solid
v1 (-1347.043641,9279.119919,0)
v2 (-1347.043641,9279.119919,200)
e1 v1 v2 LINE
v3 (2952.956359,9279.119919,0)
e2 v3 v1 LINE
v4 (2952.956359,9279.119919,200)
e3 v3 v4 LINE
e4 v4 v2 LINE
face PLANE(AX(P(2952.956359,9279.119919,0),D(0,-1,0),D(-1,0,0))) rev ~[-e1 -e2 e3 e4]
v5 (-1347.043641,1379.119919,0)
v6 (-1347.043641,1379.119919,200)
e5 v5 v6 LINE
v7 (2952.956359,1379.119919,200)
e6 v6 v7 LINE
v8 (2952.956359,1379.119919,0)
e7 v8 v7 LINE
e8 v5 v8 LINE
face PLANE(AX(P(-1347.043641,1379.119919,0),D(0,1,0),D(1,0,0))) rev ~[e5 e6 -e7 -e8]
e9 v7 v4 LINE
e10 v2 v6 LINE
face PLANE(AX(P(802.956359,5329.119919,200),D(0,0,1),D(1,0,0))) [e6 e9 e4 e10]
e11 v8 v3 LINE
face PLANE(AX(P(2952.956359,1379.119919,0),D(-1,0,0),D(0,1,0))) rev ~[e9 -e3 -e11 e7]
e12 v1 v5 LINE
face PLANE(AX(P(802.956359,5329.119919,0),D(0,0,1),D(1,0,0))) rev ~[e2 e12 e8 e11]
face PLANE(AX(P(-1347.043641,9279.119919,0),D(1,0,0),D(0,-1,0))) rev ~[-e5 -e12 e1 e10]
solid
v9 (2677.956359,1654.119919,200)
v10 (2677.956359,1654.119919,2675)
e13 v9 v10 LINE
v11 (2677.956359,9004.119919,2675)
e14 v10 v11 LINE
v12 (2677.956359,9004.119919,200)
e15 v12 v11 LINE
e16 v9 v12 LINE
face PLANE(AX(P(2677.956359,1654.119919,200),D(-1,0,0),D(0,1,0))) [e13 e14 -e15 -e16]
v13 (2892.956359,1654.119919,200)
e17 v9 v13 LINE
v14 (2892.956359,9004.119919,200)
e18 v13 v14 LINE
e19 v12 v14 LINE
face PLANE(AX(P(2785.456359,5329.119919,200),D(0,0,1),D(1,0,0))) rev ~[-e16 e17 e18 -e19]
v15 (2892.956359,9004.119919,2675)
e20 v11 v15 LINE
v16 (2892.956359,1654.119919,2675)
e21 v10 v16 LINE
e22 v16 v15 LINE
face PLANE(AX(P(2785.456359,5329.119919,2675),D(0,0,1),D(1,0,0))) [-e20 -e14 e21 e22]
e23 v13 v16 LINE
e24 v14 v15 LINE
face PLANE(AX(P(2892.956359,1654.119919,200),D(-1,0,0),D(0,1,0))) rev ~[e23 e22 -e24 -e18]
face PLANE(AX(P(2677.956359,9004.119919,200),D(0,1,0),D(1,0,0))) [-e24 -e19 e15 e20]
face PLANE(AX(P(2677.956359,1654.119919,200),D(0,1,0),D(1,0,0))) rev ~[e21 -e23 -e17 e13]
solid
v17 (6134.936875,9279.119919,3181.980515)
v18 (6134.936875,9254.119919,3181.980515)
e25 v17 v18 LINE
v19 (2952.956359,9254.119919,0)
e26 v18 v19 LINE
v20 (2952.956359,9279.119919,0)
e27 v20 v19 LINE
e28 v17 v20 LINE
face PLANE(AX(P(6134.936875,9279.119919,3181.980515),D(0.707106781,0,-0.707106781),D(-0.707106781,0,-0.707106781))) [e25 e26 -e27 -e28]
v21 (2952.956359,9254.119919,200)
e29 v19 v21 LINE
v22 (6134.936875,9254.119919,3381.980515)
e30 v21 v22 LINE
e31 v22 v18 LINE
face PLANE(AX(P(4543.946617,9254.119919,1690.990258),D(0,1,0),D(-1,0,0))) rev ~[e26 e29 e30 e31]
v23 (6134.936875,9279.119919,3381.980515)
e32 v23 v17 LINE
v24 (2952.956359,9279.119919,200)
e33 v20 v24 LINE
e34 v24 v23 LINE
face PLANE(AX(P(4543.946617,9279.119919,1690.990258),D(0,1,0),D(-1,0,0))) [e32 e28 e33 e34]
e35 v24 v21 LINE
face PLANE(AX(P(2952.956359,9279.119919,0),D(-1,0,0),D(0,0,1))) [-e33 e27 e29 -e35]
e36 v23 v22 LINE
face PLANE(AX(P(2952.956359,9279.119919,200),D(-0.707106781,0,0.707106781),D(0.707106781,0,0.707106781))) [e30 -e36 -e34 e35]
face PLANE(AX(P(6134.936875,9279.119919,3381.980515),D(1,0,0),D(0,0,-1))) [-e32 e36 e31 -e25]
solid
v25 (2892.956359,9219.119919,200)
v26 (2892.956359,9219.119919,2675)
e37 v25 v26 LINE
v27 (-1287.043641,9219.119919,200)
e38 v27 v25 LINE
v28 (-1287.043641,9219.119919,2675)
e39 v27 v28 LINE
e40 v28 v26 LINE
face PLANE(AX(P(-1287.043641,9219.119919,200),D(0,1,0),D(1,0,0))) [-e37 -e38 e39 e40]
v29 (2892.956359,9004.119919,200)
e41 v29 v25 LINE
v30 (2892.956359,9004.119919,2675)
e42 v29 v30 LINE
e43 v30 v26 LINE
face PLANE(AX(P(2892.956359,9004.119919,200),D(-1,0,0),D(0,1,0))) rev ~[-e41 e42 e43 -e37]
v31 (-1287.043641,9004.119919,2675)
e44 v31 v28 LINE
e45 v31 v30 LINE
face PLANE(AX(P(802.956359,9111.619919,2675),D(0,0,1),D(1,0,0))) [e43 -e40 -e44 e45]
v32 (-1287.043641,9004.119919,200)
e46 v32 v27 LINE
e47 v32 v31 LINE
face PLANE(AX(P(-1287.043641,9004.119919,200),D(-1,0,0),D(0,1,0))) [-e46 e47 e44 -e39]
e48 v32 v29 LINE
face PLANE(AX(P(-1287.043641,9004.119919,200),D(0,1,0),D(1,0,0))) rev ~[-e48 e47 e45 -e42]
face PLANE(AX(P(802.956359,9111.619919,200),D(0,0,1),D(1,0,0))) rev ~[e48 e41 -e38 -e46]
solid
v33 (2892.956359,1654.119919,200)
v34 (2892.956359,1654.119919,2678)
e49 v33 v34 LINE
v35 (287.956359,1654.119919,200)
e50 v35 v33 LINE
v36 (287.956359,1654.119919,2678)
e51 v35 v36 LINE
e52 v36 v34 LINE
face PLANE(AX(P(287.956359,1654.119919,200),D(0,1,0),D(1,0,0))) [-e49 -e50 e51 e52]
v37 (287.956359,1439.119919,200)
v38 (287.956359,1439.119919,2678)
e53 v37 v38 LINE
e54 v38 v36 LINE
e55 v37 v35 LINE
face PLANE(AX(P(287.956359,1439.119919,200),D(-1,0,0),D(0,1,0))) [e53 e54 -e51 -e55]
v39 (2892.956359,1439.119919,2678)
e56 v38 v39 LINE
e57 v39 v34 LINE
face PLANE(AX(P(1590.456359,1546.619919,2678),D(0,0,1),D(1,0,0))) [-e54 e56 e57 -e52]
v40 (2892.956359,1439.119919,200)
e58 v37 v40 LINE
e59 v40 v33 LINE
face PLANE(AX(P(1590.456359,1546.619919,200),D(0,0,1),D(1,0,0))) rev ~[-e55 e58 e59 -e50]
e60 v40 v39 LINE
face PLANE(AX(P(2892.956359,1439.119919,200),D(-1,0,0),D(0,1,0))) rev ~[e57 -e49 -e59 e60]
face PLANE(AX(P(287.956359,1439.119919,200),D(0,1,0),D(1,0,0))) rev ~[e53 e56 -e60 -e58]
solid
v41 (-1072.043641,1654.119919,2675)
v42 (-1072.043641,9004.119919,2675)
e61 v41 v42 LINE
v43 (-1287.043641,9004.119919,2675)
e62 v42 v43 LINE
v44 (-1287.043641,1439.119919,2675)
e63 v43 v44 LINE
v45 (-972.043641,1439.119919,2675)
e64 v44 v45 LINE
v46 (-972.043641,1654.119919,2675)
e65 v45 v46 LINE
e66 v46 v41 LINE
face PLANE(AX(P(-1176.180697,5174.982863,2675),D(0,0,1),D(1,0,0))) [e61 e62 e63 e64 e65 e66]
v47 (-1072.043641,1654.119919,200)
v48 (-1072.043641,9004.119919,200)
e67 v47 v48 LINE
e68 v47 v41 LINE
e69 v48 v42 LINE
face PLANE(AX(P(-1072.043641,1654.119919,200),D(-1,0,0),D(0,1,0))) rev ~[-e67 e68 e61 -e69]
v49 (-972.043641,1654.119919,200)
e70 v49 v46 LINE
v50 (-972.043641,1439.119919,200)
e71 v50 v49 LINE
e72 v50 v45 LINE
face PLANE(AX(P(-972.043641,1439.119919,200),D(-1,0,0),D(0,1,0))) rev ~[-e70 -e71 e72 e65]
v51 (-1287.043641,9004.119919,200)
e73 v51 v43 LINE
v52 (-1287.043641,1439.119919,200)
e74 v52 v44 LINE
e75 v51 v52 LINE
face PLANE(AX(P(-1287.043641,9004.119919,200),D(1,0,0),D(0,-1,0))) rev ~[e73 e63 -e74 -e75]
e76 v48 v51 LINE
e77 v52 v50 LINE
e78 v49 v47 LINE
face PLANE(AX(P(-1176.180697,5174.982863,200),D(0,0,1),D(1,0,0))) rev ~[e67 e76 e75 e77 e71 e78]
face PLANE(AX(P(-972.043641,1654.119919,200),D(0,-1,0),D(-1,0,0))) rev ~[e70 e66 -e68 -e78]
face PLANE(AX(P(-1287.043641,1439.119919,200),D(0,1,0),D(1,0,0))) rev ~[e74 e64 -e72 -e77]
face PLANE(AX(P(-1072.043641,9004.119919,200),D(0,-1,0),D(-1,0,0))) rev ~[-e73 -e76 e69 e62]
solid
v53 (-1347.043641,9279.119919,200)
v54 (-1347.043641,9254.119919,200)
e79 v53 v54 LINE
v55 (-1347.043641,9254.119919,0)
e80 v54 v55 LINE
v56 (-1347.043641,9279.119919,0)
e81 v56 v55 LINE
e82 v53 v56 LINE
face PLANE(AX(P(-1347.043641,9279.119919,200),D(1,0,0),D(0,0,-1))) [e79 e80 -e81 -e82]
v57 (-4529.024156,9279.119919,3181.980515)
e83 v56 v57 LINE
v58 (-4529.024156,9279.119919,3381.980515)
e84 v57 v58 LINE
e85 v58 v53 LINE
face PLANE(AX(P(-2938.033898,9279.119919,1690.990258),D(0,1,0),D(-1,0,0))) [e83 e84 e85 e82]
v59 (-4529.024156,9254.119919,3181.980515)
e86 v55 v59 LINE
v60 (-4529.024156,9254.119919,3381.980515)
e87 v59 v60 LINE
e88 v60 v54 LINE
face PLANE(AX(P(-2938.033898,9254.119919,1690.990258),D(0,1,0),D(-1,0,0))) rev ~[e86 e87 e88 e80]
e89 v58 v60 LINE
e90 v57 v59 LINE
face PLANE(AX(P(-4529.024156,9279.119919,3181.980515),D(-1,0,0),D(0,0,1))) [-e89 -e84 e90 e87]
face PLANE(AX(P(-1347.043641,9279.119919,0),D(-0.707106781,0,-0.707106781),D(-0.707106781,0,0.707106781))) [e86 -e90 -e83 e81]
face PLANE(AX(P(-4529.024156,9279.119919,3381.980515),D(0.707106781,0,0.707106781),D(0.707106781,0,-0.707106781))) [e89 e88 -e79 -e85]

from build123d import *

# Parameters (mm, degrees)
F1_DEPTH  = 200
F2_W      = 215
F2_H      = 7350
F3_DEPTH  = 2475
F5_DEPTH  = 2475
F6_W      = 4180
F6_H      = 215
F7_DEPTH  = 2475
F9_DEPTH  = 25
F10_DEPTH = 25
F11_W     = 2605
F11_H     = 215
F12_DEPTH = 2478


with BuildPart() as f1:
    # F0 (on Top) → F1 (new body)
    with BuildSketch(Plane.XY):
        Polygon((-1347.0436407789, 1379.1199190657), (855.9563592211, 1379.1199190657), (2952.9563592211, 1379.1199190657), (2952.9563592211, 9279.1199190657), (-1347.0436407789, 9279.1199190657), align=None)
    extrude(amount=F1_DEPTH)


with BuildPart() as f3:
    # F2 (on face) → F3 (new body)
    with BuildSketch(Plane.XY.offset(200)):
        with Locations((2785.4563592211, 5329.1199190657)):
            Rectangle(F2_W, F2_H)
    extrude(amount=F3_DEPTH)


with BuildPart() as f5:
    # F4 (on face) → F5 (new body)
    with BuildSketch(Plane.XY.offset(200)):
        Polygon((-1072.0436407789, 9004.1199190657), (-1287.0436407789, 9004.1199190657), (-1287.0436407789, 1439.1199190657), (-972.0436407789, 1439.1199190657), (-972.0436407789, 1654.1199190657), (-1072.0436407789, 1654.1199190657), align=None)
    extrude(amount=F5_DEPTH)


with BuildPart() as f7:
    # F6 (on face) → F7 (new body)
    with BuildSketch(Plane.XY.offset(200)):
        with Locations((802.9563592211, 9111.6199190657)):
            Rectangle(F6_W, F6_H)
    extrude(amount=F7_DEPTH)


with BuildPart() as f9:
    # F8 (on face) → F9 (new body)
    with BuildSketch(Plane(origin=(0, 9279.1199190657, 0), x_dir=(-1, 0, 0), z_dir=(0, 1, 0))):
        Polygon((-6134.9368745606, 3181.9805153395), (-2952.9563592211, 0), (-2952.9563592211, 200), (-6134.9368745606, 3381.9805153395), align=None)
    extrude(amount=-F9_DEPTH)


with BuildPart() as f10:
    # F8 (on face) → F10 (new body)
    with BuildSketch(Plane(origin=(0, 9279.1199190657, 0), x_dir=(-1, 0, 0), z_dir=(0, 1, 0))):
        Polygon((1347.0436407789, 200), (1347.0436407789, 0), (4529.0241561183, 3181.9805153395), (4529.0241561183, 3381.9805153395), align=None)
    extrude(amount=-F10_DEPTH)


with BuildPart() as f12:
    # F11 (on face) → F12 (new body)
    with BuildSketch(Plane.XY.offset(200)):
        with Locations((1590.4563592211, 1546.6199190657)):
            Rectangle(F11_W, F11_H)
    extrude(amount=F12_DEPTH)


solid = Compound([f1.part, f3.part, f5.part, f7.part, f9.part, f10.part, f12.part])
